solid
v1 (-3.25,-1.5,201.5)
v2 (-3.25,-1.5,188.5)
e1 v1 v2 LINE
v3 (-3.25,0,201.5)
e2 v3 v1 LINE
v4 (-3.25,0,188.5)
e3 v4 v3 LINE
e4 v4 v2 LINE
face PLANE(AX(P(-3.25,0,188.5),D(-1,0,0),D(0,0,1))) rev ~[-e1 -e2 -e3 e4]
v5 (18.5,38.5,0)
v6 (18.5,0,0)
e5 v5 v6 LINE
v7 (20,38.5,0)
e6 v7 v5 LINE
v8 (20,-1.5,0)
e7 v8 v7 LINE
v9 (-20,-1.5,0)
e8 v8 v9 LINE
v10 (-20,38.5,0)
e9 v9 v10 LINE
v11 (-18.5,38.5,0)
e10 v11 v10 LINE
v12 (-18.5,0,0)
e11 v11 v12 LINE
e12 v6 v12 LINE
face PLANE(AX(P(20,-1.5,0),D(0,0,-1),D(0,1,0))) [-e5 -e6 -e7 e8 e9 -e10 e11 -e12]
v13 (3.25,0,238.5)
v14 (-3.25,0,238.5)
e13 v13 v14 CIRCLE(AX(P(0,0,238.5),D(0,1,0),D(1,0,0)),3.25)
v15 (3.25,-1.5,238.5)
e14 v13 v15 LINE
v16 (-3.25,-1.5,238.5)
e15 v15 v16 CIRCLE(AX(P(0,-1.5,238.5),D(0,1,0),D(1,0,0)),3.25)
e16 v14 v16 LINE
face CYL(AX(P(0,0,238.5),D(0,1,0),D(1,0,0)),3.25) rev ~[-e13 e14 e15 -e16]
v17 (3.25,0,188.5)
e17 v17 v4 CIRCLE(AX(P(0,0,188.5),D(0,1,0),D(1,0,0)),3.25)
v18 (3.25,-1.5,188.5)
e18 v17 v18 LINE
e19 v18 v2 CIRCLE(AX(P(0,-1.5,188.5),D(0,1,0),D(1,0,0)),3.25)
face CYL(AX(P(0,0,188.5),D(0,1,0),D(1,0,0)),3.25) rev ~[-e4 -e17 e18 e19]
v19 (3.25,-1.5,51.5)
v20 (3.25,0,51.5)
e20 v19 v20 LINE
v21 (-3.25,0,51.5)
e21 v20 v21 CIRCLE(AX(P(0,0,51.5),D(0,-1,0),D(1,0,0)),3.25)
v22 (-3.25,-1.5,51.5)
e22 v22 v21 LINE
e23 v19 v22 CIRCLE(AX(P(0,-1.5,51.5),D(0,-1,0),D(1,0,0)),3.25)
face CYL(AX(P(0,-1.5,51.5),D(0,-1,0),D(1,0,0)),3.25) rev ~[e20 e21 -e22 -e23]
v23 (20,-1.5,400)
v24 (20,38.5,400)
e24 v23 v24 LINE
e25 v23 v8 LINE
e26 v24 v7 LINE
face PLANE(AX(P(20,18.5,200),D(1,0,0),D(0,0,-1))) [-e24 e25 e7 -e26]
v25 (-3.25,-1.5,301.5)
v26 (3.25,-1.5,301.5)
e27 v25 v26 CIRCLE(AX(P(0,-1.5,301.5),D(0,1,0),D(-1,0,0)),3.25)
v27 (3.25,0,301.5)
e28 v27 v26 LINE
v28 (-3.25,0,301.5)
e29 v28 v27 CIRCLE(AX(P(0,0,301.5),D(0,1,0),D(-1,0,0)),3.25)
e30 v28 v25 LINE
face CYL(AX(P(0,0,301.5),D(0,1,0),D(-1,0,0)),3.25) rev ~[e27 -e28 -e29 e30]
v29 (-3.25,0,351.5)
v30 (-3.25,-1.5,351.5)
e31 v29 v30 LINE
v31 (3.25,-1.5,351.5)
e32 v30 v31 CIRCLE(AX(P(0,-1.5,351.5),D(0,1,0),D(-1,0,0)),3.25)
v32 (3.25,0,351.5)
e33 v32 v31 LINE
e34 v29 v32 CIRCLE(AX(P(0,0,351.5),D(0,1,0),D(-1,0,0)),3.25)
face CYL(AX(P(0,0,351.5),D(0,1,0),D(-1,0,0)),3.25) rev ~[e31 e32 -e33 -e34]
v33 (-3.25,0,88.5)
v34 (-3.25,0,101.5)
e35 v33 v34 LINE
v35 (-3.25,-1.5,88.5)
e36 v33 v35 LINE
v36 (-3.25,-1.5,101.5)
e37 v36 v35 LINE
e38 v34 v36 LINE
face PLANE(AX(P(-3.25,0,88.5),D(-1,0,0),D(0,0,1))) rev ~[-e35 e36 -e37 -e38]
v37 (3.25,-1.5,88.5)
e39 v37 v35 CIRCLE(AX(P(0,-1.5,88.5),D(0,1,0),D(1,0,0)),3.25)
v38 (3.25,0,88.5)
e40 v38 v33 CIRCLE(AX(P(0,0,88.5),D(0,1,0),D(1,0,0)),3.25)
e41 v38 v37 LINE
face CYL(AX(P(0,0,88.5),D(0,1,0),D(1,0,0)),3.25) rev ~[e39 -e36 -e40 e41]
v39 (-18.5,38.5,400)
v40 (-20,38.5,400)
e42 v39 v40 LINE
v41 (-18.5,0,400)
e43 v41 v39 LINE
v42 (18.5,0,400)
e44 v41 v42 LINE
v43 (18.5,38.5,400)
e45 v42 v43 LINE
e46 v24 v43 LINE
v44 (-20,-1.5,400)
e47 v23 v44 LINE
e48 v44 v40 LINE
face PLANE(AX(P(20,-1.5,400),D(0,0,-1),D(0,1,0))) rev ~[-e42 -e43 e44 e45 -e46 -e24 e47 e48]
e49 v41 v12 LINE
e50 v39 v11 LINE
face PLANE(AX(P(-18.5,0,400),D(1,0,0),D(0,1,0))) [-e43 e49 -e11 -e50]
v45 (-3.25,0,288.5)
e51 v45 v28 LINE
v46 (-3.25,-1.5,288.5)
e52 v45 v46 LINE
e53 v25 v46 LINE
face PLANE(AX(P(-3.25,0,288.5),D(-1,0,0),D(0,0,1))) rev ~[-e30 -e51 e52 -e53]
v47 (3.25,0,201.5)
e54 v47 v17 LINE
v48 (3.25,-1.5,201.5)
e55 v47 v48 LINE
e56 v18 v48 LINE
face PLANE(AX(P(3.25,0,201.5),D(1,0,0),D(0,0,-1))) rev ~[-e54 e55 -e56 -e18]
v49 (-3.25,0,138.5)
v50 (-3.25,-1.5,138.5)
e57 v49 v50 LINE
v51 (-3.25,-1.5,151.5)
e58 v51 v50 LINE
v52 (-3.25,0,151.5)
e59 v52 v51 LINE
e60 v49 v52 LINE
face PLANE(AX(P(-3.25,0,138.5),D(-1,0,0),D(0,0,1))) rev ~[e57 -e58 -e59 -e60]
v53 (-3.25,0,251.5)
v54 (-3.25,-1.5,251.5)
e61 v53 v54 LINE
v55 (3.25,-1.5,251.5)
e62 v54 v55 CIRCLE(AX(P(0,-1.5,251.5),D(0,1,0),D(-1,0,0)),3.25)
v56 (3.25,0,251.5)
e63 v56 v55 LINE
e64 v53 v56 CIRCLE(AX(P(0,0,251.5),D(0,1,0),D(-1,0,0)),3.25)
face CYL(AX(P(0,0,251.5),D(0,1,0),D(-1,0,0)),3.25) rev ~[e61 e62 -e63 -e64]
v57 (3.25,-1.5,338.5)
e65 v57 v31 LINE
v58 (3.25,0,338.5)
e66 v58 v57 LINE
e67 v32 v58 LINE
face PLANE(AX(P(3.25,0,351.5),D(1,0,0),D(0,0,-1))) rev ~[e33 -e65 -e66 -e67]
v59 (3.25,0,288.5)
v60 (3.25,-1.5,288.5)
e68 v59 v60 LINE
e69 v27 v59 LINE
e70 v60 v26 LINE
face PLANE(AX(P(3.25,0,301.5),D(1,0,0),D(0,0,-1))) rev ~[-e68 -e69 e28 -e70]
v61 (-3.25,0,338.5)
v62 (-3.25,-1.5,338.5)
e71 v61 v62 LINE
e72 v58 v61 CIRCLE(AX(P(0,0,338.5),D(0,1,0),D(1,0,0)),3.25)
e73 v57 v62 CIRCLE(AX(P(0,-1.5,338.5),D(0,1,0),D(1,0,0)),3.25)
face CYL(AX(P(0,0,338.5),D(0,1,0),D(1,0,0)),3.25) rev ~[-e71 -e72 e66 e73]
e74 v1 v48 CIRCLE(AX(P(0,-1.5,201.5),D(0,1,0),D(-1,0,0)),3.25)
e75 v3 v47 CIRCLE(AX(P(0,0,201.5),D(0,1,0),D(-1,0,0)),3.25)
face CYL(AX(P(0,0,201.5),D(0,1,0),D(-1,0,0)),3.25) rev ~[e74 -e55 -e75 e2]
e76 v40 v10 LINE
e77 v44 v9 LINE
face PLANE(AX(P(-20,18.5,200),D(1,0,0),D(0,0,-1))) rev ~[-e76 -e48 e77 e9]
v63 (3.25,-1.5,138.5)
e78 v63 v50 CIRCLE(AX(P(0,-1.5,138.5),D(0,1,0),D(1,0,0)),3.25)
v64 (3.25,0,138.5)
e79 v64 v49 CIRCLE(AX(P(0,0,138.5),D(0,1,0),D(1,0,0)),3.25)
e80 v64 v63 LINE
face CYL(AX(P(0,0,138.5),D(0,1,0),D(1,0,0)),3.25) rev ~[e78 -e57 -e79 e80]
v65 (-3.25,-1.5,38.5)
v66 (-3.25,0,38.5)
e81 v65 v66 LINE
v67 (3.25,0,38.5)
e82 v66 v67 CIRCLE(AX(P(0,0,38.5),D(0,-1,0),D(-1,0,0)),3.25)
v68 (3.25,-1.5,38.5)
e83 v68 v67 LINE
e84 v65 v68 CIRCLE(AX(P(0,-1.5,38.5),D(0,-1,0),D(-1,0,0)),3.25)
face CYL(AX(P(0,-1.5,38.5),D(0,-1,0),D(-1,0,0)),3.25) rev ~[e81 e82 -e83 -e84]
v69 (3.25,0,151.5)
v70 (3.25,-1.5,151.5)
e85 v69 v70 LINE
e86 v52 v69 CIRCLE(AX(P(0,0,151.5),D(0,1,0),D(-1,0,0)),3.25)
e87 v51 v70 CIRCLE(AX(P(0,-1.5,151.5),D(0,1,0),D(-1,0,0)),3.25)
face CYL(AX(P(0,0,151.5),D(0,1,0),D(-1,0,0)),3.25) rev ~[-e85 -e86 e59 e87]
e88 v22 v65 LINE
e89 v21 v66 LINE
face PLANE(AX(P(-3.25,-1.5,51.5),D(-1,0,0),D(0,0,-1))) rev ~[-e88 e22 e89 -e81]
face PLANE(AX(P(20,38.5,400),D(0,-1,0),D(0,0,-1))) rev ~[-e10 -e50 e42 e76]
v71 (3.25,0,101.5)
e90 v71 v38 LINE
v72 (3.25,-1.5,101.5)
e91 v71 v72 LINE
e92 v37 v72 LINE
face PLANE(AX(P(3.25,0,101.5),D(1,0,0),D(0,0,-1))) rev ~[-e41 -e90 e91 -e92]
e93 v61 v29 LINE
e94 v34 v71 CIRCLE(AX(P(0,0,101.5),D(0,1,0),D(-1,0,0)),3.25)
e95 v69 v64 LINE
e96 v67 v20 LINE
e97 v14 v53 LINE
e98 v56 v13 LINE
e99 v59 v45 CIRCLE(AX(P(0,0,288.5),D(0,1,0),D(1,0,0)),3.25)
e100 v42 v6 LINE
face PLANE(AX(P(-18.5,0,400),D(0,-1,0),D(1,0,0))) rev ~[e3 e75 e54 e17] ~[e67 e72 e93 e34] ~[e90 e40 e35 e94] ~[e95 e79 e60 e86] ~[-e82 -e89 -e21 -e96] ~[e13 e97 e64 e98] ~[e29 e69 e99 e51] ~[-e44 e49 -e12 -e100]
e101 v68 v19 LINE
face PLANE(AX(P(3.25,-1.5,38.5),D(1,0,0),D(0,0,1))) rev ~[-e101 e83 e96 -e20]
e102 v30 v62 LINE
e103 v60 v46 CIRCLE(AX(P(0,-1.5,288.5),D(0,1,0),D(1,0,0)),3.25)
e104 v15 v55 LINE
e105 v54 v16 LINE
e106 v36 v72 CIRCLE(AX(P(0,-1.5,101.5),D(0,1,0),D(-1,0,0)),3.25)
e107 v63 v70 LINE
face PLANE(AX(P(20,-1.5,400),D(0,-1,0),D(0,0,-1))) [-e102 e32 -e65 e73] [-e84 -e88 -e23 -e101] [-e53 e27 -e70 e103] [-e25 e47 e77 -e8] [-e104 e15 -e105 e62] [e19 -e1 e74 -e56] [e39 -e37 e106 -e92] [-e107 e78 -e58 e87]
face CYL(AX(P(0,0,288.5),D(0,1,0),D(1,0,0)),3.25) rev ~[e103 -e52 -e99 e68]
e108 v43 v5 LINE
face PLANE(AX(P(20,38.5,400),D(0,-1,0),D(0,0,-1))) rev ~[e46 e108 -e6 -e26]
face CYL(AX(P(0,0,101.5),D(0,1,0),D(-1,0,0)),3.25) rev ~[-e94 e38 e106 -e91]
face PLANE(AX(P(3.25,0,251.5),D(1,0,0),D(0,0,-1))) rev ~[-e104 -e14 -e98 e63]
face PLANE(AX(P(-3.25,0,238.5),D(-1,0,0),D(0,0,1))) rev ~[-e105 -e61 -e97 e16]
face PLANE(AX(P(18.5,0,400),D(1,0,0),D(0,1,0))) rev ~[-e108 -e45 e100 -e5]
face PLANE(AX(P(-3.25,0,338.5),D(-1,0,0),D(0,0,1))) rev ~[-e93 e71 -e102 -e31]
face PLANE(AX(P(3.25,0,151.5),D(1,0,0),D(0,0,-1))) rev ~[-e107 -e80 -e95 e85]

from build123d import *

# Parameters (mm, degrees)
CROQUIS1_W              = 400
CROQUIS1_H              = 40
SALIENTE_EXTRUIR1_DEPTH = 40
CROQUIS2_W              = 37
CROQUIS2_H              = 38.5
CORTAR_EXTRUIR1_DEPTH   = 401
CORTAR_EXTRUIR2_DEPTH   = 2.5
CORTAR_EXTRUIR3_DEPTH   = 2.5
CORTAR_EXTRUIR4_DEPTH   = 2.5
CORTAR_EXTRUIR5_DEPTH   = 2.5
CORTAR_EXTRUIR6_DEPTH   = 2.5
CORTAR_EXTRUIR7_DEPTH   = 2.5
CORTAR_EXTRUIR8_DEPTH   = 41


with BuildPart() as part:
    # Croquis1 → Saliente-Extruir1 (new body)
    with BuildSketch(Plane(origin=(20, 0, 0), x_dir=(0, 0, -1), z_dir=(1, 0, 0))):
        with Locations((-200, 18.5)):
            Rectangle(CROQUIS1_W, CROQUIS1_H)
    extrude(amount=-SALIENTE_EXTRUIR1_DEPTH)

    # Croquis2 → Cortar-Extruir1 (cut, through all)
    with BuildSketch(Plane.XY.offset(400)):
        with Locations((0, 19.25)):
            Rectangle(CROQUIS2_W, CROQUIS2_H)
    extrude(amount=-CORTAR_EXTRUIR1_DEPTH, mode=Mode.SUBTRACT)

    # Croquis3 → Cortar-Extruir2 (cut, through all)
    with BuildSketch(Plane(origin=(0, 0, 0), x_dir=(-1, 0, 0), z_dir=(0, 1, 0))):
        with BuildLine():
            Line((-3.25, 351.5), (-3.25, 338.5))
            ThreePointArc((-3.25, 338.5), (0, 335.25), (3.25, 338.5))
            Line((3.25, 338.5), (3.25, 351.5))
            ThreePointArc((3.25, 351.5), (0, 354.75), (-3.25, 351.5))
        make_face()
    extrude(amount=-CORTAR_EXTRUIR2_DEPTH, mode=Mode.SUBTRACT)

    # Croquis4 → Cortar-Extruir3 (cut, through all)
    with BuildSketch(Plane(origin=(0, 0, 0), x_dir=(-1, 0, 0), z_dir=(0, 1, 0))):
        with BuildLine():
            Line((-3.25, 301.5), (-3.25, 288.5))
            ThreePointArc((-3.25, 288.5), (0, 285.25), (3.25, 288.5))
            Line((3.25, 288.5), (3.25, 301.5))
            ThreePointArc((3.25, 301.5), (0, 304.75), (-3.25, 301.5))
        make_face()
    extrude(amount=-CORTAR_EXTRUIR3_DEPTH, mode=Mode.SUBTRACT)

    # Croquis5 → Cortar-Extruir4 (cut, through all)
    with BuildSketch(Plane(origin=(0, 0, 0), x_dir=(-1, 0, 0), z_dir=(0, 1, 0))):
        with BuildLine():
            Line((-3.25, 251.5), (-3.25, 238.5))
            ThreePointArc((-3.25, 238.5), (0, 235.25), (3.25, 238.5))
            Line((3.25, 238.5), (3.25, 251.5))
            ThreePointArc((3.25, 251.5), (0, 254.75), (-3.25, 251.5))
        make_face()
    extrude(amount=-CORTAR_EXTRUIR4_DEPTH, mode=Mode.SUBTRACT)

    # Croquis6 → Cortar-Extruir5 (cut, through all)
    with BuildSketch(Plane(origin=(0, 0, 0), x_dir=(-1, 0, 0), z_dir=(0, 1, 0))):
        with BuildLine():
            Line((-3.25, 201.5), (-3.25, 188.5))
            ThreePointArc((-3.25, 188.5), (0, 185.25), (3.25, 188.5))
            Line((3.25, 188.5), (3.25, 201.5))
            ThreePointArc((3.25, 201.5), (0, 204.75), (-3.25, 201.5))
        make_face()
    extrude(amount=-CORTAR_EXTRUIR5_DEPTH, mode=Mode.SUBTRACT)

    # Croquis7 → Cortar-Extruir6 (cut, through all)
    with BuildSketch(Plane(origin=(0, 0, 0), x_dir=(-1, 0, 0), z_dir=(0, 1, 0))):
        with BuildLine():
            Line((-3.25, 151.5), (-3.25, 138.5))
            ThreePointArc((-3.25, 138.5), (0, 135.25), (3.25, 138.5))
            Line((3.25, 138.5), (3.25, 151.5))
            ThreePointArc((3.25, 151.5), (0, 154.75), (-3.25, 151.5))
        make_face()
    extrude(amount=-CORTAR_EXTRUIR6_DEPTH, mode=Mode.SUBTRACT)

    # Croquis8 → Cortar-Extruir7 (cut, through all)
    with BuildSketch(Plane(origin=(0, 0, 0), x_dir=(-1, 0, 0), z_dir=(0, 1, 0))):
        with BuildLine():
            Line((-3.25, 101.5), (-3.25, 88.5))
            ThreePointArc((-3.25, 88.5), (0, 85.25), (3.25, 88.5))
            Line((3.25, 88.5), (3.25, 101.5))
            ThreePointArc((3.25, 101.5), (0, 104.75), (-3.25, 101.5))
        make_face()
    extrude(amount=-CORTAR_EXTRUIR7_DEPTH, mode=Mode.SUBTRACT)

    # Croquis9 → Cortar-Extruir8 (cut, through all)
    with BuildSketch(Plane.XZ.offset(1.5)):
        with BuildLine():
            Line((-3.25, 51.5), (-3.25, 38.5))
            ThreePointArc((-3.25, 38.5), (0, 35.25), (3.25, 38.5))
            Line((3.25, 38.5), (3.25, 51.5))
            ThreePointArc((3.25, 51.5), (0, 54.75), (-3.25, 51.5))
        make_face()
    extrude(amount=-CORTAR_EXTRUIR8_DEPTH, mode=Mode.SUBTRACT)


solid = part.part
